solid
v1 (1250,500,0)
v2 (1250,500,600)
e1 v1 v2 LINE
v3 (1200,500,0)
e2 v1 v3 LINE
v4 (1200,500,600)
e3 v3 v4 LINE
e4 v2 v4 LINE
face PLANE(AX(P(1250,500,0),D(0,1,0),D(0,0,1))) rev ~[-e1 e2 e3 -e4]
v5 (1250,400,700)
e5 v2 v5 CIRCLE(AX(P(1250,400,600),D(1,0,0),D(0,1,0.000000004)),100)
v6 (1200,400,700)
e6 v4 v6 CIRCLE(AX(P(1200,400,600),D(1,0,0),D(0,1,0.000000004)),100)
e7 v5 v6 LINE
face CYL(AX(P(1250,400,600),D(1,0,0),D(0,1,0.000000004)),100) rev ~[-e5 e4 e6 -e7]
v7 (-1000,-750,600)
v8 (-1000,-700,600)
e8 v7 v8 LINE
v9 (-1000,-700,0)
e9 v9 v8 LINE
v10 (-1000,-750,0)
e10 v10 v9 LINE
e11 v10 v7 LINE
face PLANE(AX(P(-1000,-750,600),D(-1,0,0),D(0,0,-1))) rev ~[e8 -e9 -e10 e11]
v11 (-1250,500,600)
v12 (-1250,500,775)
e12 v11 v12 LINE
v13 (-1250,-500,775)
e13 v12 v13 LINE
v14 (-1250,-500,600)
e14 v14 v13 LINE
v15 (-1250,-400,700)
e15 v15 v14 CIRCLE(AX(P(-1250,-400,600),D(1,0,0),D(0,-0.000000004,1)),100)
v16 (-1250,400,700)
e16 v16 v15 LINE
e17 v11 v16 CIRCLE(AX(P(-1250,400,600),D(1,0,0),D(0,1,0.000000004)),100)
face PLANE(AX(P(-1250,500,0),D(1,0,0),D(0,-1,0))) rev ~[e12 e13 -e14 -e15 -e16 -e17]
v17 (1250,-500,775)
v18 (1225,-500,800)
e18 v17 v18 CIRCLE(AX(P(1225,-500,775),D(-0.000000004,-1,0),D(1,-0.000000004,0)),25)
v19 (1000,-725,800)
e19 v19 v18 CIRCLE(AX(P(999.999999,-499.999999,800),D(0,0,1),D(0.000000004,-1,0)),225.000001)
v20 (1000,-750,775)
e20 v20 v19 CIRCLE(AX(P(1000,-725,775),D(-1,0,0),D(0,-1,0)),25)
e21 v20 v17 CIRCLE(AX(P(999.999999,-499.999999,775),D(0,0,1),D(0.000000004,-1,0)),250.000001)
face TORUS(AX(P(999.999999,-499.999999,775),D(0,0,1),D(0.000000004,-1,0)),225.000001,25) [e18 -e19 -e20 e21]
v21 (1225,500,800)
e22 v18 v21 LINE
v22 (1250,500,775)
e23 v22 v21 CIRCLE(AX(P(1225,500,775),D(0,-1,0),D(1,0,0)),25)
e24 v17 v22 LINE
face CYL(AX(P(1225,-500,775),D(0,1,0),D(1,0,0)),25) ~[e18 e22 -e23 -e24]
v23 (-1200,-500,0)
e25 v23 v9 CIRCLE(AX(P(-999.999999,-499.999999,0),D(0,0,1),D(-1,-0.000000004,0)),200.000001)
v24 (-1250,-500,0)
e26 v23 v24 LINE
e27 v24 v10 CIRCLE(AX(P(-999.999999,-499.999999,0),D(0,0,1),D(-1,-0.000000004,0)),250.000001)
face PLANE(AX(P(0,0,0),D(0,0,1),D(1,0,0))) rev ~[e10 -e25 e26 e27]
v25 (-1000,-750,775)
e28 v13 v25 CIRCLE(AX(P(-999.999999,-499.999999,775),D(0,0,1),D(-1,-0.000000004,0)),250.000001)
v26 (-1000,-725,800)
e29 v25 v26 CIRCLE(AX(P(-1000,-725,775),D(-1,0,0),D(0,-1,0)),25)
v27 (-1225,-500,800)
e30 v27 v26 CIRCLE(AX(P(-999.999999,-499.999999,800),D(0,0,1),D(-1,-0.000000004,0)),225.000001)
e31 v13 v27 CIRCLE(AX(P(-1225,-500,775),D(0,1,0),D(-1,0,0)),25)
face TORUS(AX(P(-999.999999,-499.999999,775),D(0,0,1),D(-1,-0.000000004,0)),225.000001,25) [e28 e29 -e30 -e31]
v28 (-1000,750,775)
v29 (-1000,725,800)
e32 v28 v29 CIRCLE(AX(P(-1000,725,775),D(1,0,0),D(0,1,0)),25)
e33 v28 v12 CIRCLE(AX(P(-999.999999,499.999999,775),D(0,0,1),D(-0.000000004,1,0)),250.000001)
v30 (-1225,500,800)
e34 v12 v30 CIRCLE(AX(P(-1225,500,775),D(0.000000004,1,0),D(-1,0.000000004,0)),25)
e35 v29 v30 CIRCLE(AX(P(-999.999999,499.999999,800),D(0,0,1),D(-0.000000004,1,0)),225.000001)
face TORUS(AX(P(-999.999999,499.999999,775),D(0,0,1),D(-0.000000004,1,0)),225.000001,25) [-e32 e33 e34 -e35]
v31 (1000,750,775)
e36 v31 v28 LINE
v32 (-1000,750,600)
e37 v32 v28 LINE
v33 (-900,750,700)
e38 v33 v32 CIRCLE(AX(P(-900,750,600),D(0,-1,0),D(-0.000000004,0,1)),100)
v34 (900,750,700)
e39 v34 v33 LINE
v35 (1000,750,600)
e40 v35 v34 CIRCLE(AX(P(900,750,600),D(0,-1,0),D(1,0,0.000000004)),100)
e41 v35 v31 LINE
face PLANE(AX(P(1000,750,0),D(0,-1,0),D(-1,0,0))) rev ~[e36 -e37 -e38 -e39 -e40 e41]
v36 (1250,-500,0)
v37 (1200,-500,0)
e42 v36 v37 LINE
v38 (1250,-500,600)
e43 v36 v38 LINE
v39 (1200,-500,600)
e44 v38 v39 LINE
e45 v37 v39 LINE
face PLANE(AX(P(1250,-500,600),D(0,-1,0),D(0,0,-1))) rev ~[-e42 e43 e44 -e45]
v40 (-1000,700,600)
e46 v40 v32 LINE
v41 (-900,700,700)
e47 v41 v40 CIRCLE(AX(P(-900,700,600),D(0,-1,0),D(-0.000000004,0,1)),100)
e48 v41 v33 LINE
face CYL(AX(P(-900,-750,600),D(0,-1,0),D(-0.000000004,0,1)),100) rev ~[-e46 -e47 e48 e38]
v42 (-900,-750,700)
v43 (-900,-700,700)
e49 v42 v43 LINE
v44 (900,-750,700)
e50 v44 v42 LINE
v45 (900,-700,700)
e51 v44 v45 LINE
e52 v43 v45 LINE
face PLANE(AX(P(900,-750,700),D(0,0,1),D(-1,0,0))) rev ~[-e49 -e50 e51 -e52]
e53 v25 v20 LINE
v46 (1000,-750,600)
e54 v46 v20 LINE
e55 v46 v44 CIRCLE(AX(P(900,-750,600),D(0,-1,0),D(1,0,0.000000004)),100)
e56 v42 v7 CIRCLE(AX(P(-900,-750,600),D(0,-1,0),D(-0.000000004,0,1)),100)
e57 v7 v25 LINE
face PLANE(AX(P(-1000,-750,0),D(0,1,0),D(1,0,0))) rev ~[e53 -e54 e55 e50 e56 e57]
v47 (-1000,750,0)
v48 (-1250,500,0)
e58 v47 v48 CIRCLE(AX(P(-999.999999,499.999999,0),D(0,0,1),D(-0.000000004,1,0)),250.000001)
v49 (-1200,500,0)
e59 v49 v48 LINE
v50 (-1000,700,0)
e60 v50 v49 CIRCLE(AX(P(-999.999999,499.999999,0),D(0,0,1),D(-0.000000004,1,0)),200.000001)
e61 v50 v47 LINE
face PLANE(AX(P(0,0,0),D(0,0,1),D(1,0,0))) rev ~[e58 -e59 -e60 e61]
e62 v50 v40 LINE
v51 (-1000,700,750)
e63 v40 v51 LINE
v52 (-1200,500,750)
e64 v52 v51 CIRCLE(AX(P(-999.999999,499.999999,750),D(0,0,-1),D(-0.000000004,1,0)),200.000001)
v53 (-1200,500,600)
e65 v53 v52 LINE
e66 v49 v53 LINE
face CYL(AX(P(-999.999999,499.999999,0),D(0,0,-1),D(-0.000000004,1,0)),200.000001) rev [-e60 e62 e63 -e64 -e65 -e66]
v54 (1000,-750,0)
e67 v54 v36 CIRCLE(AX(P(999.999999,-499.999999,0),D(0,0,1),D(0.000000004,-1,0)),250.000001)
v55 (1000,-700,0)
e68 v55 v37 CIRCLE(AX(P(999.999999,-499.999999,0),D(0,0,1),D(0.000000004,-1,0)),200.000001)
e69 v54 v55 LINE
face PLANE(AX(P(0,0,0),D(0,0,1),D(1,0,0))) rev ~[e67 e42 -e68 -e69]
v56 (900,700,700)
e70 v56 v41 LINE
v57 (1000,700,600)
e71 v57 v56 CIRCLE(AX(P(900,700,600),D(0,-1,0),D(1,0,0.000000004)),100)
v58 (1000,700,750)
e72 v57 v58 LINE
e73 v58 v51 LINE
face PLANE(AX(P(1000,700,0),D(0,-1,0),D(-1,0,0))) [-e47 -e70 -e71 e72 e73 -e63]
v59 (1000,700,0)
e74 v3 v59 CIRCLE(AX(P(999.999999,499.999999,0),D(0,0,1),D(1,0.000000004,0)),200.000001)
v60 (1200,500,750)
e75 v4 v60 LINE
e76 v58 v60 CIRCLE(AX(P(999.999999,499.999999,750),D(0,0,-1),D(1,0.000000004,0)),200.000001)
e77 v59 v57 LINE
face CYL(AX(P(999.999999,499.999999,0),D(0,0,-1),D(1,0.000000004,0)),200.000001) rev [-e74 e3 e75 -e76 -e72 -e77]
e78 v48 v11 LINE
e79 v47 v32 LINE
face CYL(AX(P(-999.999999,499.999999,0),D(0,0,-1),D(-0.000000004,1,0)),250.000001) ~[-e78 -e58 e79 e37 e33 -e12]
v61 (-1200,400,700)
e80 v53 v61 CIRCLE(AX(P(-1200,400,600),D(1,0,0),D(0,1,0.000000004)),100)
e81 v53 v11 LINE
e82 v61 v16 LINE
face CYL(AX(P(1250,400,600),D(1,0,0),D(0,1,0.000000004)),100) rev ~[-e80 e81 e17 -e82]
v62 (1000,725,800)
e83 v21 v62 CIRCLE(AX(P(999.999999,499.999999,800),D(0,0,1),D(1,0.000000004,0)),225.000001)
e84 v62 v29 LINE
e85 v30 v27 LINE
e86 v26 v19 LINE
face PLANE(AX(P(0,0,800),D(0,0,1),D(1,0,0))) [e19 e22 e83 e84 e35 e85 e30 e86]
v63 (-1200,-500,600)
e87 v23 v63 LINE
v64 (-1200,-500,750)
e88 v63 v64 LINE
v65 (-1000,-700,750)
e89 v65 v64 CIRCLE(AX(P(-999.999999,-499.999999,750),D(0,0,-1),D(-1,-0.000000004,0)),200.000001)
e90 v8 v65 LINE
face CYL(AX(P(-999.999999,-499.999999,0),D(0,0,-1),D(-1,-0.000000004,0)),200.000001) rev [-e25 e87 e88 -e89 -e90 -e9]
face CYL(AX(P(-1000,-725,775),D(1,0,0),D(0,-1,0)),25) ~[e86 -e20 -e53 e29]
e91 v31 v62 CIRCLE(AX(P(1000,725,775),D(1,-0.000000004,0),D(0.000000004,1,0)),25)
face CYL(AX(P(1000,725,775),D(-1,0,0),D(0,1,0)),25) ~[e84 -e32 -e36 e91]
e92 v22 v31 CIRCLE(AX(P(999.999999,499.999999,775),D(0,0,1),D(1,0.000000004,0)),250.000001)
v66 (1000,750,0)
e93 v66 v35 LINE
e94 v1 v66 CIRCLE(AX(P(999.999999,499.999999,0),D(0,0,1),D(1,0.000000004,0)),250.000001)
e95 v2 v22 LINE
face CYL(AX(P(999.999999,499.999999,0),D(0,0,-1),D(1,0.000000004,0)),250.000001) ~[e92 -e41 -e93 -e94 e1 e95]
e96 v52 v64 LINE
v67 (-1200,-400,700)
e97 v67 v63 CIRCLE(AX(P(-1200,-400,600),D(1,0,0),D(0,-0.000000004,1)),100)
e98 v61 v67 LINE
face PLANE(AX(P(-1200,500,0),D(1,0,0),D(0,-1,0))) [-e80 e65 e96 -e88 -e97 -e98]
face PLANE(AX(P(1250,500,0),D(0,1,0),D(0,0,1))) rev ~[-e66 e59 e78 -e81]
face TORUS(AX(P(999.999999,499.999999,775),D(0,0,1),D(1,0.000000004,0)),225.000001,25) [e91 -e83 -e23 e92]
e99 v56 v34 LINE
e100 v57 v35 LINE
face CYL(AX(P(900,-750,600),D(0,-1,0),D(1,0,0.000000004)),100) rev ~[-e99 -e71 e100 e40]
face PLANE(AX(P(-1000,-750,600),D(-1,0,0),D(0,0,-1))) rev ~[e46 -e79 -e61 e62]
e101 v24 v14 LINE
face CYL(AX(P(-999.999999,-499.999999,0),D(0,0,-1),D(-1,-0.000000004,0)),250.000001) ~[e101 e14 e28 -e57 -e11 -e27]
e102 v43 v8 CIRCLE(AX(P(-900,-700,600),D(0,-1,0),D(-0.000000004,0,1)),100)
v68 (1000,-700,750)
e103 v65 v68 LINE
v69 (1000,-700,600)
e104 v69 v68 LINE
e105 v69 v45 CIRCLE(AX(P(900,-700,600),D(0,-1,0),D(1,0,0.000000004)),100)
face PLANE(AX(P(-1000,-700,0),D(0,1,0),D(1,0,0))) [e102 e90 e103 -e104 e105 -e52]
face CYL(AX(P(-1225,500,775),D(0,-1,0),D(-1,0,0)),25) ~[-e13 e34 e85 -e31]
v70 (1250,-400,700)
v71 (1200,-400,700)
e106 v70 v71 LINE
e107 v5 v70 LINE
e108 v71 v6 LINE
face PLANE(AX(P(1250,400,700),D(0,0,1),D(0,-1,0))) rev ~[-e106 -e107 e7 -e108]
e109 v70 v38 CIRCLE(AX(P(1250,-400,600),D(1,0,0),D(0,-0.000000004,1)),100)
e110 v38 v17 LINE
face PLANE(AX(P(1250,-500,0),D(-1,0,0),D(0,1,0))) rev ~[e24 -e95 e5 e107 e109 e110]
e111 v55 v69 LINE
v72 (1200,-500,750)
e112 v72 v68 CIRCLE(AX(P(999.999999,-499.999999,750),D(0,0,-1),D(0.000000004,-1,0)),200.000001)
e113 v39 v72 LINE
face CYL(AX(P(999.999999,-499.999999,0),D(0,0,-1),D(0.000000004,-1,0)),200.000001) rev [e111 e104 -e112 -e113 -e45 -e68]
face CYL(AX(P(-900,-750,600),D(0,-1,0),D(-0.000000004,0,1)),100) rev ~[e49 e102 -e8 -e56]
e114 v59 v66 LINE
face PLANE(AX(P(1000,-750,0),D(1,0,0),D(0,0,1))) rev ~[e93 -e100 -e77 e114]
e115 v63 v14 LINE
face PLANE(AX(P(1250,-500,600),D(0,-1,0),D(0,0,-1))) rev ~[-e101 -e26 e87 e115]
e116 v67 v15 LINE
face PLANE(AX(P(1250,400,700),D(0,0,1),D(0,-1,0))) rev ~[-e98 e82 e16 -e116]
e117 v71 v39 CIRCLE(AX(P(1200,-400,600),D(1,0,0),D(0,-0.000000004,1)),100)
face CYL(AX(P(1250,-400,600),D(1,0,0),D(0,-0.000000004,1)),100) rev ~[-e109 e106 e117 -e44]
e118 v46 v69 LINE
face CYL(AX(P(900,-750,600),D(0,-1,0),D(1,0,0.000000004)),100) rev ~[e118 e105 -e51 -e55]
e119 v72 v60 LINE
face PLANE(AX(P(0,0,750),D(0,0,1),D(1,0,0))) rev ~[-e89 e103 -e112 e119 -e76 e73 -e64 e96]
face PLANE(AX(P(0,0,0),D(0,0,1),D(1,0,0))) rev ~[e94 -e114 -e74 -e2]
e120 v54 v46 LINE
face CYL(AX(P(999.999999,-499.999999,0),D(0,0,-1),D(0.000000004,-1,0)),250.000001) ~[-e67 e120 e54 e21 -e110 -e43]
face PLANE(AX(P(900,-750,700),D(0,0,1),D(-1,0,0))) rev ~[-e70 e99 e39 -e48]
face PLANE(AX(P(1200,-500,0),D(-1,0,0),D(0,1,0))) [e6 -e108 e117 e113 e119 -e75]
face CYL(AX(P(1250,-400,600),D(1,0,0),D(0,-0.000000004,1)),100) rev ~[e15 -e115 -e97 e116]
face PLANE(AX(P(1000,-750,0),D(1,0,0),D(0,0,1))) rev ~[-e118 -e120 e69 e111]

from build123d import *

# Parameters (mm, degrees)
F0_R     = 50
F1_DEPTH = 800
F2_T     = -50
F4_DEPTH = 1500.001
F6_DEPTH = 2500.001
F7_R     = 25


with BuildPart() as f1:
    # F0 (on Top) → F1 (new body)
    with BuildSketch(Plane.XY):
        with BuildLine():
            Line((-1000, -750), (1000, -750))
            ThreePointArc((1000, -750), (1176.776695, -676.776695), (1250, -500))
            Line((1250, -500), (1250, 500))
            ThreePointArc((1250, 500), (1176.776695, 676.776695), (1000, 750))
            Line((1000, 750), (-1000, 750))
            ThreePointArc((-1000, 750), (-1176.776695, 676.776695), (-1250, 500))
            Line((-1250, 500), (-1250, -500))
            ThreePointArc((-1250, -500), (-1176.776695, -676.776695), (-1000, -750))
        make_face()
        with Locations((-1000, -500)):
            Circle(F0_R, mode=Mode.SUBTRACT)
        with Locations((1000, -500)):
            Circle(F0_R, mode=Mode.SUBTRACT)
        with Locations((-1000, 500)):
            Circle(F0_R, mode=Mode.SUBTRACT)
        with Locations((1000, 500)):
            Circle(F0_R, mode=Mode.SUBTRACT)
        with Locations((-1000, -500)):
            Circle(F0_R)
        with Locations((1000, -500)):
            Circle(F0_R)
        with Locations((1000, 500)):
            Circle(F0_R)
        with Locations((-1000, 500)):
            Circle(F0_R)
    extrude(amount=F1_DEPTH)

    # F2
    f2_openings = [f1.faces().sort_by_distance(p)[0] for p in [
        (0, 0, 0),
    ]]
    offset(amount=F2_T, openings=f2_openings)

    # F3 (on face) → F4 (cut, through all)
    with BuildSketch(Plane.XZ.offset(750)):
        with BuildLine():
            Line((-1000, 600), (-1000, 0))
            Line((-1000, 0), (1000, 0))
            Line((1000, 0), (1000, 600))
            ThreePointArc((1000, 600), (970.710678, 670.710678), (900, 700))
            Line((900, 700), (-900, 700))
            ThreePointArc((-900, 700), (-970.710678, 670.710678), (-1000, 600))
        make_face()
    extrude(amount=-F4_DEPTH, mode=Mode.SUBTRACT)

    # F5 (on face) → F6 (cut, through all)
    with BuildSketch(Plane.YZ.offset(1250)):
        with BuildLine():
            Line((-500, 600), (-500, 0))
            Line((-500, 0), (500, 0))
            Line((500, 0), (500, 600))
            ThreePointArc((500, 600), (470.710678, 670.710678), (400, 700))
            Line((400, 700), (-400, 700))
            ThreePointArc((-400, 700), (-470.710678, 670.710678), (-500, 600))
        make_face()
    extrude(amount=-F6_DEPTH, mode=Mode.SUBTRACT)

    # F7
    f7_edges = [f1.edges().sort_by_distance(p)[0] for p in [
        (0, -750, 800),
        (1176.776695, -676.776695, 800),
        (1250, 0, 800),
        (1176.776695, 676.776695, 800),
        (0, 750, 800),
        (-1176.776695, 676.776695, 800),
        (-1250, 0, 800),
        (-1176.776695, -676.776695, 800),
    ]]
    fillet(f7_edges, radius=F7_R)


solid = f1.part
